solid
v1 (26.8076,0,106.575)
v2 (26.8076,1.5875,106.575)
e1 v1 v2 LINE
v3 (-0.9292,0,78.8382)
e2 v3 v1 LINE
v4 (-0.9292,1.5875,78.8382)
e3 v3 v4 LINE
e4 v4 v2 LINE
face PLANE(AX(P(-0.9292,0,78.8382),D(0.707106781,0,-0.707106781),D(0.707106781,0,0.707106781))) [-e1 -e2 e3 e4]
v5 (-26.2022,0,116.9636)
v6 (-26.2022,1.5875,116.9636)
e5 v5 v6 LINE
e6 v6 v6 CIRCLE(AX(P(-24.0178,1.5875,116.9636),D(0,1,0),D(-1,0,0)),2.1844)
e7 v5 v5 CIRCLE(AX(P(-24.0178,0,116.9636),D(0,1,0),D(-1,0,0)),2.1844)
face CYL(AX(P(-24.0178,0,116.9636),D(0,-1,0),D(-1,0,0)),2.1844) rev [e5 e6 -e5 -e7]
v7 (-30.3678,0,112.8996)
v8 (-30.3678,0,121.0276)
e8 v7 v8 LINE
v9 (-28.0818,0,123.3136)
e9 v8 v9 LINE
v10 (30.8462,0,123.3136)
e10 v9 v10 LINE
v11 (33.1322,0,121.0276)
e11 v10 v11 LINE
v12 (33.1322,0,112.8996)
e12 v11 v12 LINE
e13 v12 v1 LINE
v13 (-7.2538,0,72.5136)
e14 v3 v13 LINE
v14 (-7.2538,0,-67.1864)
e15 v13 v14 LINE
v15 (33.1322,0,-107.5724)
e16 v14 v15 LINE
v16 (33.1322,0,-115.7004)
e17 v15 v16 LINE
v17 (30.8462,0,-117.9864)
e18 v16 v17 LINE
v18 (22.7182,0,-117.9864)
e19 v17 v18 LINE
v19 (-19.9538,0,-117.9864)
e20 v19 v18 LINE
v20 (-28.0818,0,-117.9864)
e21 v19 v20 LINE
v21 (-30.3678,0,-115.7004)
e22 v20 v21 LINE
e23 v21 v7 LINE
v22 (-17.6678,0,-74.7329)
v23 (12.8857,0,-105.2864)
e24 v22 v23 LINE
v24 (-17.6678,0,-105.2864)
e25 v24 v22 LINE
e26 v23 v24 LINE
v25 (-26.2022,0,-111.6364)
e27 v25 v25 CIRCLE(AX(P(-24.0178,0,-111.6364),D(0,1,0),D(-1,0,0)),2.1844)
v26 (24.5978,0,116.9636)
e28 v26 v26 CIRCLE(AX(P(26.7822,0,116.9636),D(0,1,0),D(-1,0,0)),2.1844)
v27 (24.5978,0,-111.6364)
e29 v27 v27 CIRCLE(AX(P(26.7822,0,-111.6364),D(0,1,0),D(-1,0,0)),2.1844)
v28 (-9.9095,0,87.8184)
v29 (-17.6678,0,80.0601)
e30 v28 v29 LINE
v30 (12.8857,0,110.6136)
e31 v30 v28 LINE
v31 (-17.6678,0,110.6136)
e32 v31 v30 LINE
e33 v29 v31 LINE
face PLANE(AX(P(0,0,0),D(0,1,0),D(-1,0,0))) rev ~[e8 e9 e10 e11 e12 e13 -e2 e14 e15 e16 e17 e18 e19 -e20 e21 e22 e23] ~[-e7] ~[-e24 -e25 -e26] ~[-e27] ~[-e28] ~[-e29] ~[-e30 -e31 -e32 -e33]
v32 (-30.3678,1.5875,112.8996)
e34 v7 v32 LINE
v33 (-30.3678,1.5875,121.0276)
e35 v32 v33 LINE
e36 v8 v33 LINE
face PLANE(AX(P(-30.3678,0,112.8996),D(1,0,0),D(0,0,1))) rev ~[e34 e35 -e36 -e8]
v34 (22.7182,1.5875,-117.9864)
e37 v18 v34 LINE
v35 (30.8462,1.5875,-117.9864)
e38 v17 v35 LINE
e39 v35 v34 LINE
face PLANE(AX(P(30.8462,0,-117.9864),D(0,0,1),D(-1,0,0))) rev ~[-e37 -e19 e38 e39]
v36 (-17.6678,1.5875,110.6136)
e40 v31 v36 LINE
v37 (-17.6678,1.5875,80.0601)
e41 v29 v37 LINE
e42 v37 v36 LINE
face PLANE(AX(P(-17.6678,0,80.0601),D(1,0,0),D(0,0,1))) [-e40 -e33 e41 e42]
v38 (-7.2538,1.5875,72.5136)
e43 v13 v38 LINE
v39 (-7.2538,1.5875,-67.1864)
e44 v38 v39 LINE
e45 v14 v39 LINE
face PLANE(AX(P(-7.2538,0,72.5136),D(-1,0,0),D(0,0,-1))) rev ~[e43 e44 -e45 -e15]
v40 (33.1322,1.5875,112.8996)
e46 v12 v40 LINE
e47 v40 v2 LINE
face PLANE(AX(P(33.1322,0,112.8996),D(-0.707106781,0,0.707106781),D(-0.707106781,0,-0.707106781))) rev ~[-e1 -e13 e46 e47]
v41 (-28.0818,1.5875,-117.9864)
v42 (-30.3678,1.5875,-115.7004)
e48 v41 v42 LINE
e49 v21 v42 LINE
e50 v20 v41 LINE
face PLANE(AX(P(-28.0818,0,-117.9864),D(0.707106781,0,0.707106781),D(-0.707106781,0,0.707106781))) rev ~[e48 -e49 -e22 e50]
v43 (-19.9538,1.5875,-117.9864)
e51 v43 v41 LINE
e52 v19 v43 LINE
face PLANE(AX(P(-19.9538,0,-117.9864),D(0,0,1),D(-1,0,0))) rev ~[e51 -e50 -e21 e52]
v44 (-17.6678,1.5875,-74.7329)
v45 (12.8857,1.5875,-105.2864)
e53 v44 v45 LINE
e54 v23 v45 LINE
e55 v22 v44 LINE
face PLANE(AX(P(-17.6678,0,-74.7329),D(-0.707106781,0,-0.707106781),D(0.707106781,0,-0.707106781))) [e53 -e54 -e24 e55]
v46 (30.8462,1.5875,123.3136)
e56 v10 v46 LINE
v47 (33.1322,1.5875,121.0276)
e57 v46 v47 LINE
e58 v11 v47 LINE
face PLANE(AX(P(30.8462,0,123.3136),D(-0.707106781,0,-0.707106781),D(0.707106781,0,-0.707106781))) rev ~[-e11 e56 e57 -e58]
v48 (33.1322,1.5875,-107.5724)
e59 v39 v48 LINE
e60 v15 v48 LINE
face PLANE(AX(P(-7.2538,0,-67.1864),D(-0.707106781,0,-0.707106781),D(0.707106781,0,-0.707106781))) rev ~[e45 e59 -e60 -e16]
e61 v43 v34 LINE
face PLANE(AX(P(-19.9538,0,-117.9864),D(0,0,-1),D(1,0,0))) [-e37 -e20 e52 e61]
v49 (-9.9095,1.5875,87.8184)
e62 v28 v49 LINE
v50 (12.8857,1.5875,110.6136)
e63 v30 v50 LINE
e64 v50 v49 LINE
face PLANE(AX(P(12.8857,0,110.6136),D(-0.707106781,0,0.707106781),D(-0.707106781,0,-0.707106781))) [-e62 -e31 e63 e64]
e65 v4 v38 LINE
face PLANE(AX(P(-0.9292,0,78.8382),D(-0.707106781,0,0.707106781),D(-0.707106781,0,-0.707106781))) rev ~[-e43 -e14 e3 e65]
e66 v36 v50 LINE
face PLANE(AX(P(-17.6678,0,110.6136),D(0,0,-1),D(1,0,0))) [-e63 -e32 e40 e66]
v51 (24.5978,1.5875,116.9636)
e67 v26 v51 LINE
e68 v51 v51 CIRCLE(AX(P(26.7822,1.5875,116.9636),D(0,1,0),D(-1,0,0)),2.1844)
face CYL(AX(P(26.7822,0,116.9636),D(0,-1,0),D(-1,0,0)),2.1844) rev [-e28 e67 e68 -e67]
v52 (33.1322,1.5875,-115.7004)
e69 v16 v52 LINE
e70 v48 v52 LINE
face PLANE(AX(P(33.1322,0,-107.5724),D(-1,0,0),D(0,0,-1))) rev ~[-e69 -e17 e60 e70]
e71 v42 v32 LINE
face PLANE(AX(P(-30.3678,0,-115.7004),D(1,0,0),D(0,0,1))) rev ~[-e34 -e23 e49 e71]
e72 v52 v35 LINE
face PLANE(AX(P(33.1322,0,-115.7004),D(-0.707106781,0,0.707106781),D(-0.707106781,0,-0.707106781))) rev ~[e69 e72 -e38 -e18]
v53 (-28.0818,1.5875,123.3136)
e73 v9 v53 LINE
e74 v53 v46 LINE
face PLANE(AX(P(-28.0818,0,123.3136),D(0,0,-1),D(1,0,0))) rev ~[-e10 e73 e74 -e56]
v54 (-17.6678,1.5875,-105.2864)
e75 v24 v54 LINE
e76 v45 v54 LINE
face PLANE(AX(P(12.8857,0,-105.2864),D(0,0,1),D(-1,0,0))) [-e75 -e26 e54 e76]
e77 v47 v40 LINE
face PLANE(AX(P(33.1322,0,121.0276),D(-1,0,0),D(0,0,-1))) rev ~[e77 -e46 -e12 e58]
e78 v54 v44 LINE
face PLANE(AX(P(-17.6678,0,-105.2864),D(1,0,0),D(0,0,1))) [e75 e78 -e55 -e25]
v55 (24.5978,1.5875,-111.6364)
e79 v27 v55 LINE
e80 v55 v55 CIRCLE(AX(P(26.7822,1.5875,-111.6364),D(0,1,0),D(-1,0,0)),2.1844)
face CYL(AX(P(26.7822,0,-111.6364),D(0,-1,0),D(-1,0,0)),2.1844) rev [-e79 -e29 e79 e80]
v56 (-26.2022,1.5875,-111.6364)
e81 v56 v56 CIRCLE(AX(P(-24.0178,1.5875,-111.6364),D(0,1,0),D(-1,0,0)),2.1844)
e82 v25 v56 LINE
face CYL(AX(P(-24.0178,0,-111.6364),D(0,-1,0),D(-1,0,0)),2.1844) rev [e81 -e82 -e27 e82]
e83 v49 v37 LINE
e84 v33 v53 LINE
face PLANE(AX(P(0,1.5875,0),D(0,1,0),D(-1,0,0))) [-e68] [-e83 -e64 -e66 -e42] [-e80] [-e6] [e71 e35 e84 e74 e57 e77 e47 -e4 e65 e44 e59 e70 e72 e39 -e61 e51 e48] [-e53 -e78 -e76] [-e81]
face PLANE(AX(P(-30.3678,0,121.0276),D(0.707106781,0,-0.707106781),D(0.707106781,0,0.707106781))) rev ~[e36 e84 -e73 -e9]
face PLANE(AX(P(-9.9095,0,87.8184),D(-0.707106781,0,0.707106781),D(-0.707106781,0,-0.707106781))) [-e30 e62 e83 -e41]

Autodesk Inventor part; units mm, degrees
ref_plane "YZ Plane" through (0, 0, 0) normal (1, 0, 0) x (0, 1, 0)
ref_plane "XZ Plane" through (0, 0, 0) normal (0, 1, 0) x (-1, 0, 0)
ref_plane "XY Plane" through (0, 0, 0) normal (0, 0, 1) x (1, 0, 0)
sketch "Sketch1" plane through (0, 0, 0) normal (0, 1, 0) x (-1, 0, 0)
  circle A0 centre (-26.7822, 116.9636) radius 2.1844
  circle A1 centre (24.0178, 116.9636) radius 2.1844
  circle A2 centre (24.0178, -111.6364) radius 2.1844
  circle A3 centre (-26.7822, -111.6364) radius 2.1844
  line L0 (-33.1322, -107.5724) -> (-33.1322, -115.7004)
  line L1 (-33.1322, -115.7004) -> (-30.8462, -117.9864)
  line L2 (-30.8462, -117.9864) -> (-22.7182, -117.9864)
  line L3 (19.9538, -117.9864) -> (28.0818, -117.9864)
  line L4 (28.0818, -117.9864) -> (30.3678, -115.7004)
  line L5 (30.3678, -115.7004) -> (30.3678, 112.8996)
  line L6 (30.3678, 112.8996) -> (30.3678, 121.0276)
  line L7 (30.3678, 121.0276) -> (28.0818, 123.3136)
  line L8 (-30.8462, 123.3136) -> (-33.1322, 121.0276)
  line L9 (-33.1322, 121.0276) -> (-33.1322, 112.8996)
  line L10 (-33.1322, 112.8996) -> (-26.8076, 106.575)
  line L11 (0.9292, 78.8382) -> (7.2538, 72.5136)
  line L12 (0.9292, 78.8382) -> (-26.8076, 106.575)
  line L13 (7.2538, 72.5136) -> (7.2538, -67.1864)
  line L14 (7.2538, -67.1864) -> (-33.1322, -107.5724)
  line L15 (19.9538, -117.9864) -> (-22.7182, -117.9864)
  line L16 (28.0818, 123.3136) -> (-30.8462, 123.3136)
  line L17 (17.6678, 110.6136) -> (-12.8857, 110.6136)
  line L18 (-12.8857, 110.6136) -> (9.9095, 87.8184)
  line L19 (9.9095, 87.8184) -> (17.6678, 80.0601)
  line L20 (17.6678, -74.7329) -> (-12.8857, -105.2864)
  line L21 (-12.8857, -105.2864) -> (17.6678, -105.2864)
  line L22 (17.6678, -105.2864) -> (17.6678, -74.7329)
  line L23 (17.6678, 80.0601) -> (17.6678, 110.6136)
  point P0 (0, 0)
extrude "Extrusion1" add sketch "Sketch1" along normal blind 1.5875
properties part number "Ramp" material "Acetal Resin, White"
